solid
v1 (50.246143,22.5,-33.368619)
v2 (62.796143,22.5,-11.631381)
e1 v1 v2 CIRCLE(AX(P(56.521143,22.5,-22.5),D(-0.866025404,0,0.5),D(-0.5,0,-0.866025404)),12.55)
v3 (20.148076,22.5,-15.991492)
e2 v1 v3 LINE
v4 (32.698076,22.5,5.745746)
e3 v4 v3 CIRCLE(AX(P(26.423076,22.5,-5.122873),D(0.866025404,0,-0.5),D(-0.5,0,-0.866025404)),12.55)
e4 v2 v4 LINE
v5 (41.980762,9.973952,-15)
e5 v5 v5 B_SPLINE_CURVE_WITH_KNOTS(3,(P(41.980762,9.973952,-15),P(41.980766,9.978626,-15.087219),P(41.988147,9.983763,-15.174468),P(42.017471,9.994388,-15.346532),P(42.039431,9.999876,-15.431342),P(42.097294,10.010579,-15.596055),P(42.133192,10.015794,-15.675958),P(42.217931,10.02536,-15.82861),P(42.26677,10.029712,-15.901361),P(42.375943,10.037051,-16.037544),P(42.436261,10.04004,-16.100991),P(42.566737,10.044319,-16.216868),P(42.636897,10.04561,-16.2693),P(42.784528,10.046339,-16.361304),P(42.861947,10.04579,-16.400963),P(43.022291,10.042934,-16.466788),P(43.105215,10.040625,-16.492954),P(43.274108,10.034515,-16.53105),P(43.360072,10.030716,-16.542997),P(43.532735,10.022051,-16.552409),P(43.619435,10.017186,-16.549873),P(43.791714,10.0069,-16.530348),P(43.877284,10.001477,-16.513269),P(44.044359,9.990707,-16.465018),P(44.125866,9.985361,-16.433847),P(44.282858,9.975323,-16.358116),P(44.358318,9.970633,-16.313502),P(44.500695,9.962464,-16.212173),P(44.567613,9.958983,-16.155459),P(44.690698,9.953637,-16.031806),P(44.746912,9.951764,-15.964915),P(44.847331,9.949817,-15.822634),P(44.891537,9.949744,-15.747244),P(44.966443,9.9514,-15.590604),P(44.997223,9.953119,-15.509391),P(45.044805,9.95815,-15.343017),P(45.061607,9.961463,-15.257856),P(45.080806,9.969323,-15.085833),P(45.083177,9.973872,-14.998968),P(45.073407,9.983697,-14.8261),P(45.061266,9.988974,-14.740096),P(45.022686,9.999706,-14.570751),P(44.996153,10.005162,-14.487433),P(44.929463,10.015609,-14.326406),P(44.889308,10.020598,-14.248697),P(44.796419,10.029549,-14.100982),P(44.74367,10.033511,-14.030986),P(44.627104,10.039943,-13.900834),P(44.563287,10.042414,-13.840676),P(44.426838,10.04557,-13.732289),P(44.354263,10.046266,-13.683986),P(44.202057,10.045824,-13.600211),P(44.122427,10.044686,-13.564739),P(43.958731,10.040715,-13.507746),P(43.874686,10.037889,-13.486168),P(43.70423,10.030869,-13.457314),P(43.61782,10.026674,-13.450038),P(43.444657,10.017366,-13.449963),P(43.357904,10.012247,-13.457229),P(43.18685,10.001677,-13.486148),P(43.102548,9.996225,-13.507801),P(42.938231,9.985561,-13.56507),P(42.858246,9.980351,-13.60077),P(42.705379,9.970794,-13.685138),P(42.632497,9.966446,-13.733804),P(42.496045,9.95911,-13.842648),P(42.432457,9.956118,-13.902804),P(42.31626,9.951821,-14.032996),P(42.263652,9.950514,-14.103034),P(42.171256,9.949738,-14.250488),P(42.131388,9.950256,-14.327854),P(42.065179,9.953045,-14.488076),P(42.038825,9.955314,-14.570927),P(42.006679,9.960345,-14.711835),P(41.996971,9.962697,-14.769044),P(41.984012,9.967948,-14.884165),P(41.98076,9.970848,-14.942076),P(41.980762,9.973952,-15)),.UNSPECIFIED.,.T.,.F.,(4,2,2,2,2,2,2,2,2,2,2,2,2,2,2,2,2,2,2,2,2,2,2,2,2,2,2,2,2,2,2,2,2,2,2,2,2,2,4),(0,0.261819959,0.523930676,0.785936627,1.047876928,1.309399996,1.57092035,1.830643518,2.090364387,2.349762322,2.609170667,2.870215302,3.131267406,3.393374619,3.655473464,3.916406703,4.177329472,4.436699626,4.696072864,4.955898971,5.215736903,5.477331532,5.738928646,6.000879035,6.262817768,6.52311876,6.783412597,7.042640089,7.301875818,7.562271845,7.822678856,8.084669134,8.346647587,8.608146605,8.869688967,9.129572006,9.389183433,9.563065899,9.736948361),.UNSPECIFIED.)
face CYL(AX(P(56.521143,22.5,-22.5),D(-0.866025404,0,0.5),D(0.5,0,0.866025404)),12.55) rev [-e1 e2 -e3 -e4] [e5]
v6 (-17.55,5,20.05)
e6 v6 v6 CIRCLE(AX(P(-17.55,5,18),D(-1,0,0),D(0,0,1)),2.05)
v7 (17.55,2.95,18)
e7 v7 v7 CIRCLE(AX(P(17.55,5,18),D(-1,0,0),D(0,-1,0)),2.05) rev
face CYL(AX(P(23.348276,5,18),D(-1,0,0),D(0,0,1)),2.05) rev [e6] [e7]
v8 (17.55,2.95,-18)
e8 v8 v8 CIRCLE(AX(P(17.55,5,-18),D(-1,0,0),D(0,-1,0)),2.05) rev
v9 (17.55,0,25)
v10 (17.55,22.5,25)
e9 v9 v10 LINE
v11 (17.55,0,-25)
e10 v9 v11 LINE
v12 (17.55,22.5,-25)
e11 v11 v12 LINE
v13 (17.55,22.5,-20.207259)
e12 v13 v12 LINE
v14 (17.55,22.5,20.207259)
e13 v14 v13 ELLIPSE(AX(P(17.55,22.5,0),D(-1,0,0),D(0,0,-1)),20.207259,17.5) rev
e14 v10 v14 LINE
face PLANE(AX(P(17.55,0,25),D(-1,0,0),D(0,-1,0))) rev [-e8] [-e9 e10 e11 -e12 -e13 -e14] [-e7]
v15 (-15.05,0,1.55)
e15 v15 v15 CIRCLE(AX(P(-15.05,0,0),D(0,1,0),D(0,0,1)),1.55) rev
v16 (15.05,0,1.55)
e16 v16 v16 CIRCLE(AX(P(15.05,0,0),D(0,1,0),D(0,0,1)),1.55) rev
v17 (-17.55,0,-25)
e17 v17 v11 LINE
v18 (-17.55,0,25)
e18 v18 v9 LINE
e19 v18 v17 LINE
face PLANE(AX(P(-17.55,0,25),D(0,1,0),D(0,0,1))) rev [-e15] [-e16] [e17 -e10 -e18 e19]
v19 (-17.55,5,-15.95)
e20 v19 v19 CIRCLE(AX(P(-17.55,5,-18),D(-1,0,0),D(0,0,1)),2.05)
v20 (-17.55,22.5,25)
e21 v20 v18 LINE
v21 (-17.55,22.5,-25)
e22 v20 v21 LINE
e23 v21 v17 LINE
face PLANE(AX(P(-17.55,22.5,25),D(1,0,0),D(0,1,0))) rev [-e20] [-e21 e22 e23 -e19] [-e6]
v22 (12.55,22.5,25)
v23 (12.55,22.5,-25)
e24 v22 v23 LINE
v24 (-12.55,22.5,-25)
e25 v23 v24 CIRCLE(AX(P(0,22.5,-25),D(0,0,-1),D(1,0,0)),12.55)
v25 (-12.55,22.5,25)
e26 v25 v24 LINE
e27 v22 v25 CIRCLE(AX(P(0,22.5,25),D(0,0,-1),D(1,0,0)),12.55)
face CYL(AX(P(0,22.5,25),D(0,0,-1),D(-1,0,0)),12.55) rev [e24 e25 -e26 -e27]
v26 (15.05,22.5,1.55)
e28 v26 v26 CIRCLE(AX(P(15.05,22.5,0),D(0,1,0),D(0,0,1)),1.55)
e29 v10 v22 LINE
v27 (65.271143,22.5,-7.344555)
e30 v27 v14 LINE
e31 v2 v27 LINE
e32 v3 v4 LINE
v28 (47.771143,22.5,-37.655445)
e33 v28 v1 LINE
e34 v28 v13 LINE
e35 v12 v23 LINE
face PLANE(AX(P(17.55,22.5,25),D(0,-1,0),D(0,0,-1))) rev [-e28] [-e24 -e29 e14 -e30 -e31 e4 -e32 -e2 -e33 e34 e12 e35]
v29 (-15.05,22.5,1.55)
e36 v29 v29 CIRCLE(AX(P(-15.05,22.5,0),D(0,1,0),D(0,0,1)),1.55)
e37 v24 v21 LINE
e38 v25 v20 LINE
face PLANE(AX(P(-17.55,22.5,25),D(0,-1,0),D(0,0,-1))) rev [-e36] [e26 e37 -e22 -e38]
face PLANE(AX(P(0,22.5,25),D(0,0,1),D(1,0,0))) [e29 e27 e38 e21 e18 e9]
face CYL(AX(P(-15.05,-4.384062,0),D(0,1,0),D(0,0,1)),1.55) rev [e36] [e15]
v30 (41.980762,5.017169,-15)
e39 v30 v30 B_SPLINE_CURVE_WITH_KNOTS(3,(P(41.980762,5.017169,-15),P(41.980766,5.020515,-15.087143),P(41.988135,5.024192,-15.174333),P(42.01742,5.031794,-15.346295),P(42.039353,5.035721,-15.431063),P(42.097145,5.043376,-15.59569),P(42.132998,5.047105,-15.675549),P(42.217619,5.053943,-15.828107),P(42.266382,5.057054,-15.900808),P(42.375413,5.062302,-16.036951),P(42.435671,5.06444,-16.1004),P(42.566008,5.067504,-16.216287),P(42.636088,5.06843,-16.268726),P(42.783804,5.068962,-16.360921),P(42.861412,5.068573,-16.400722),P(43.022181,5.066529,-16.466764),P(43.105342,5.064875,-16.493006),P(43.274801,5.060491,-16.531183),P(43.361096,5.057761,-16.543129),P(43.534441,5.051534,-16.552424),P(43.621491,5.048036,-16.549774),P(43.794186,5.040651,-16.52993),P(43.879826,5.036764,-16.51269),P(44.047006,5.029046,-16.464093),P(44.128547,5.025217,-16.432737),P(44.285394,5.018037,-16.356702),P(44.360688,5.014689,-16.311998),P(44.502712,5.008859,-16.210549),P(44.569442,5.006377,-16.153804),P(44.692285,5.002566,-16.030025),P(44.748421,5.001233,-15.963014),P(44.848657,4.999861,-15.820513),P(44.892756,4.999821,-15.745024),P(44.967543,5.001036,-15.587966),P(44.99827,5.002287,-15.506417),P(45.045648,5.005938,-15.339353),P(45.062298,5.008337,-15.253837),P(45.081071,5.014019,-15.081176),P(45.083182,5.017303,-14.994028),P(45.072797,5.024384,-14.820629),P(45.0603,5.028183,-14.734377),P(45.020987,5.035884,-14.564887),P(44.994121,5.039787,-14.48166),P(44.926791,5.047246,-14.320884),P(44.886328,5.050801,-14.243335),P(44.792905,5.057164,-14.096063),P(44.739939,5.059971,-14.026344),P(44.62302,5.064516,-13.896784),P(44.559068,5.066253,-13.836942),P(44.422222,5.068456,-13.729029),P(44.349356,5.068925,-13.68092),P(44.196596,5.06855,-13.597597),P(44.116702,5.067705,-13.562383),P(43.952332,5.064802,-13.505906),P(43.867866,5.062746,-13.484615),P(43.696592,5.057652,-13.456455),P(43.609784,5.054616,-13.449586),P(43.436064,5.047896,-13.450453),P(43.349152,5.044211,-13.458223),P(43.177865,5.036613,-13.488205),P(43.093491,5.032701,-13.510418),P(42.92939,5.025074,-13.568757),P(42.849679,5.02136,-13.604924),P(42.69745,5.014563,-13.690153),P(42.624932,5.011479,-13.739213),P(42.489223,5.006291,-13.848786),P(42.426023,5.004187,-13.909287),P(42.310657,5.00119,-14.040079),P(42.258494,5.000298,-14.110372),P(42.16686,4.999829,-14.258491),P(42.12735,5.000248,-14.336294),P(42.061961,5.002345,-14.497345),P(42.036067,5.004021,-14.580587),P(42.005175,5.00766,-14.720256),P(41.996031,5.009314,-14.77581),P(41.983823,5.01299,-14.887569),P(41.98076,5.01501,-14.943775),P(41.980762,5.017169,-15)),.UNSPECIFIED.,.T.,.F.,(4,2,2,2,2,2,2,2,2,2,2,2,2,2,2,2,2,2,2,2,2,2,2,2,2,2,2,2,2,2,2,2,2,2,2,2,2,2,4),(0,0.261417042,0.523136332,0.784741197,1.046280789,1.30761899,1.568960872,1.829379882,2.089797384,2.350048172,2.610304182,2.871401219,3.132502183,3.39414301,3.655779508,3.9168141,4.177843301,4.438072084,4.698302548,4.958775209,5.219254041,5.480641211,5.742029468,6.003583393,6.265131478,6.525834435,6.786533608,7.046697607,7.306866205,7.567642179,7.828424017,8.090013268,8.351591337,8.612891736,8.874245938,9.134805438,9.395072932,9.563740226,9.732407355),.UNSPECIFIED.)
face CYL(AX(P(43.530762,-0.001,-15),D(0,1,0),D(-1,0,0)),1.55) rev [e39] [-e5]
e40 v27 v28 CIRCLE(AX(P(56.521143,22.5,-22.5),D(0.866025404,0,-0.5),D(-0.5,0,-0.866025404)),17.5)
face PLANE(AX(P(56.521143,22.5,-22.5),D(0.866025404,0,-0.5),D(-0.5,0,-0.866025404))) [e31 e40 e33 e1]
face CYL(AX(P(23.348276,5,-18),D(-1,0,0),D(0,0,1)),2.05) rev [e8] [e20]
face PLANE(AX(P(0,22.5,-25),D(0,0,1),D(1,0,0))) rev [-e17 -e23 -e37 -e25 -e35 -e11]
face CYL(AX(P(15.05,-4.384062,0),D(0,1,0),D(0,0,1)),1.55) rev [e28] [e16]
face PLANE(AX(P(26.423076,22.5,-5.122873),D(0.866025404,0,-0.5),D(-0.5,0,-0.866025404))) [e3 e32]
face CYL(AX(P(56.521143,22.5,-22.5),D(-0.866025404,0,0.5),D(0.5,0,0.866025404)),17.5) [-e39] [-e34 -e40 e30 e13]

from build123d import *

# Parameters (mm, degrees)
BOSS_EXTRUDE1_DEPTH             = 25
SKETCH2_R                       = 1.55
CUT_EXTRUDE1_DEPTH              = 22.5
BOSS_EXTRUDE2_REACH             = 65.436
BOSS_EXTRUDE2_DIRECTION_2_DEPTH = 30
CUT_EXTRUDE2_REACH              = 80.642
CUT_EXTRUDE2_END_RADIUS         = 17.5
SKETCH7_R                       = 1.55
SKETCH9_R                       = 2.05
CUT_EXTRUDE3_DEPTH              = 35.1
BOSS_EXTRUDE5_REACH             = 63.632


with BuildPart() as part:
    # Sketch1 → Boss-Extrude1 (new, symmetric)
    with BuildSketch(Plane.XY):
        with BuildLine():
            Line((-17.55, 22.5), (-17.55, 0))
            Line((-17.55, 0), (17.55, 0))
            Line((17.55, 0), (17.55, 22.5))
            Line((17.55, 22.5), (12.55, 22.5))
            ThreePointArc((12.55, 22.5), (0, 9.95), (-12.55, 22.5))
            Line((-12.55, 22.5), (-17.55, 22.5))
        make_face()
    extrude(amount=BOSS_EXTRUDE1_DEPTH, both=True)

    # Sketch2 → Cut-Extrude1 (cut)
    with BuildSketch(Plane(origin=(0, 22.5, 0), x_dir=(1, 0, 0), z_dir=(0, 1, 0))):
        with Locations(Location((-15.05, 0, 0), (0, 0, 270))):
            Circle(SKETCH2_R)
        with Locations(Location((15.05, 0, 0), (0, 0, 270))):
            Circle(SKETCH2_R)
    extrude(amount=-CUT_EXTRUDE1_DEPTH, mode=Mode.SUBTRACT)

    # Boss-Extrude2: up to this plane
    boss_extrude2_end = Plane(origin=(17.55, 0, 25), z_dir=(-1, 0, 0))
    # Sketch5 → Boss-Extrude2 (add, up to the surface)
    with BuildSketch(Plane(origin=(26.152881057, 0, -15.099372918), x_dir=(-0.5000000000000013, 0, -0.8660254037844379), z_dir=(0.8660254037844379, 0, -0.5000000000000013)), mode=Mode.PRIVATE) as boss_extrude2_sk1:
        with BuildLine():
            Line((-26.275, 22.5), (-21.325, 22.5))
            ThreePointArc((-21.325, 22.5), (-8.775, 9.95), (3.775, 22.5))
            Line((3.775, 22.5), (8.725, 22.5))
            ThreePointArc((8.725, 22.5), (-8.775, 5), (-26.275, 22.5))
        make_face()
    boss_extrude2_tool1 = split(extrude(boss_extrude2_sk1.sketch, amount=-BOSS_EXTRUDE2_REACH, mode=Mode.PRIVATE), bisect_by=boss_extrude2_end, keep=Keep.BOTH, mode=Mode.PRIVATE)
    add(boss_extrude2_tool1.solids().sort_by_distance((38.052881, 22.108688, 5.512032))[0])

    # Sketch5 → Boss-Extrude2 direction 2 (add)
    with BuildSketch(Plane(origin=(26.152881057, 0, -15.099372918), x_dir=(-0.5000000000000013, 0, -0.8660254037844379), z_dir=(0.8660254037844379, 0, -0.5000000000000013))):
        with BuildLine():
            Line((-26.275, 22.5), (-21.325, 22.5))
            ThreePointArc((-21.325, 22.5), (-8.775, 9.95), (3.775, 22.5))
            Line((3.775, 22.5), (8.725, 22.5))
            ThreePointArc((8.725, 22.5), (-8.775, 5), (-26.275, 22.5))
        make_face()
    extrude(amount=BOSS_EXTRUDE2_DIRECTION_2_DEPTH)

    # Cut-Extrude2: up to this cylinder (the profile starts inside it)
    cut_extrude2_end = Plane(origin=(43.530762028, 22.5, -14.999999951), z_dir=(-0.8660254037844379, 0, 0.5000000000000013)) * Cylinder(CUT_EXTRUDE2_END_RADIUS, 197.284, mode=Mode.PRIVATE)
    # Sketch7 → Cut-Extrude2 (cut, up to the surface)
    with BuildSketch(Plane(origin=(0, 22.5, 0), x_dir=(1, 0, 0), z_dir=(0, 1, 0)), mode=Mode.PRIVATE) as cut_extrude2_sk1:
        with Locations(Location((43.530762114, 15, 0), (0, 0, 180))):
            Circle(SKETCH7_R)
    cut_extrude2_tool1 = extrude(cut_extrude2_sk1.sketch, amount=-CUT_EXTRUDE2_REACH, mode=Mode.PRIVATE) & cut_extrude2_end
    add(cut_extrude2_tool1.solids().sort_by_distance((43.530762, 22.5, -15))[0], mode=Mode.SUBTRACT)

    # Sketch9 → Cut-Extrude3 (cut)
    with BuildSketch(Plane.ZY.offset(17.55)):
        with Locations((-18, 5)):
            Circle(SKETCH9_R)
        with Locations((18, 5)):
            Circle(SKETCH9_R)
    extrude(amount=-CUT_EXTRUDE3_DEPTH, mode=Mode.SUBTRACT)

    # Boss-Extrude5: up to this face of the body (flat: up to its plane)
    boss_extrude5_end = Plane(part.part.faces().sort_by_distance((17.55, 17.173614571, 0))[0])
    # Sketch12 → Boss-Extrude5 (add, up to the picked face)
    with BuildSketch(Plane(origin=(22.035576211, 0, -12.722245857), x_dir=(-0.4999999999999781, 0, -0.8660254037844513), z_dir=(0.8660254037844513, 0, -0.4999999999999781)), mode=Mode.PRIVATE) as boss_extrude5_sk1:
        with BuildLine():
            Line((-21.325, 22.5), (3.775, 22.5))
            ThreePointArc((3.775, 22.5), (-8.775, 9.95), (-21.325, 22.5))
        make_face()
    boss_extrude5_tool1 = split(extrude(boss_extrude5_sk1.sketch, amount=-BOSS_EXTRUDE5_REACH, mode=Mode.PRIVATE), bisect_by=boss_extrude5_end, keep=Keep.BOTH, mode=Mode.PRIVATE)
    add(boss_extrude5_tool1.solids().sort_by(Axis((26.423076, 17.173615, -5.122873), (-0.8660254037844513, 0, 0.4999999999999781)))[0])


solid = part.part
